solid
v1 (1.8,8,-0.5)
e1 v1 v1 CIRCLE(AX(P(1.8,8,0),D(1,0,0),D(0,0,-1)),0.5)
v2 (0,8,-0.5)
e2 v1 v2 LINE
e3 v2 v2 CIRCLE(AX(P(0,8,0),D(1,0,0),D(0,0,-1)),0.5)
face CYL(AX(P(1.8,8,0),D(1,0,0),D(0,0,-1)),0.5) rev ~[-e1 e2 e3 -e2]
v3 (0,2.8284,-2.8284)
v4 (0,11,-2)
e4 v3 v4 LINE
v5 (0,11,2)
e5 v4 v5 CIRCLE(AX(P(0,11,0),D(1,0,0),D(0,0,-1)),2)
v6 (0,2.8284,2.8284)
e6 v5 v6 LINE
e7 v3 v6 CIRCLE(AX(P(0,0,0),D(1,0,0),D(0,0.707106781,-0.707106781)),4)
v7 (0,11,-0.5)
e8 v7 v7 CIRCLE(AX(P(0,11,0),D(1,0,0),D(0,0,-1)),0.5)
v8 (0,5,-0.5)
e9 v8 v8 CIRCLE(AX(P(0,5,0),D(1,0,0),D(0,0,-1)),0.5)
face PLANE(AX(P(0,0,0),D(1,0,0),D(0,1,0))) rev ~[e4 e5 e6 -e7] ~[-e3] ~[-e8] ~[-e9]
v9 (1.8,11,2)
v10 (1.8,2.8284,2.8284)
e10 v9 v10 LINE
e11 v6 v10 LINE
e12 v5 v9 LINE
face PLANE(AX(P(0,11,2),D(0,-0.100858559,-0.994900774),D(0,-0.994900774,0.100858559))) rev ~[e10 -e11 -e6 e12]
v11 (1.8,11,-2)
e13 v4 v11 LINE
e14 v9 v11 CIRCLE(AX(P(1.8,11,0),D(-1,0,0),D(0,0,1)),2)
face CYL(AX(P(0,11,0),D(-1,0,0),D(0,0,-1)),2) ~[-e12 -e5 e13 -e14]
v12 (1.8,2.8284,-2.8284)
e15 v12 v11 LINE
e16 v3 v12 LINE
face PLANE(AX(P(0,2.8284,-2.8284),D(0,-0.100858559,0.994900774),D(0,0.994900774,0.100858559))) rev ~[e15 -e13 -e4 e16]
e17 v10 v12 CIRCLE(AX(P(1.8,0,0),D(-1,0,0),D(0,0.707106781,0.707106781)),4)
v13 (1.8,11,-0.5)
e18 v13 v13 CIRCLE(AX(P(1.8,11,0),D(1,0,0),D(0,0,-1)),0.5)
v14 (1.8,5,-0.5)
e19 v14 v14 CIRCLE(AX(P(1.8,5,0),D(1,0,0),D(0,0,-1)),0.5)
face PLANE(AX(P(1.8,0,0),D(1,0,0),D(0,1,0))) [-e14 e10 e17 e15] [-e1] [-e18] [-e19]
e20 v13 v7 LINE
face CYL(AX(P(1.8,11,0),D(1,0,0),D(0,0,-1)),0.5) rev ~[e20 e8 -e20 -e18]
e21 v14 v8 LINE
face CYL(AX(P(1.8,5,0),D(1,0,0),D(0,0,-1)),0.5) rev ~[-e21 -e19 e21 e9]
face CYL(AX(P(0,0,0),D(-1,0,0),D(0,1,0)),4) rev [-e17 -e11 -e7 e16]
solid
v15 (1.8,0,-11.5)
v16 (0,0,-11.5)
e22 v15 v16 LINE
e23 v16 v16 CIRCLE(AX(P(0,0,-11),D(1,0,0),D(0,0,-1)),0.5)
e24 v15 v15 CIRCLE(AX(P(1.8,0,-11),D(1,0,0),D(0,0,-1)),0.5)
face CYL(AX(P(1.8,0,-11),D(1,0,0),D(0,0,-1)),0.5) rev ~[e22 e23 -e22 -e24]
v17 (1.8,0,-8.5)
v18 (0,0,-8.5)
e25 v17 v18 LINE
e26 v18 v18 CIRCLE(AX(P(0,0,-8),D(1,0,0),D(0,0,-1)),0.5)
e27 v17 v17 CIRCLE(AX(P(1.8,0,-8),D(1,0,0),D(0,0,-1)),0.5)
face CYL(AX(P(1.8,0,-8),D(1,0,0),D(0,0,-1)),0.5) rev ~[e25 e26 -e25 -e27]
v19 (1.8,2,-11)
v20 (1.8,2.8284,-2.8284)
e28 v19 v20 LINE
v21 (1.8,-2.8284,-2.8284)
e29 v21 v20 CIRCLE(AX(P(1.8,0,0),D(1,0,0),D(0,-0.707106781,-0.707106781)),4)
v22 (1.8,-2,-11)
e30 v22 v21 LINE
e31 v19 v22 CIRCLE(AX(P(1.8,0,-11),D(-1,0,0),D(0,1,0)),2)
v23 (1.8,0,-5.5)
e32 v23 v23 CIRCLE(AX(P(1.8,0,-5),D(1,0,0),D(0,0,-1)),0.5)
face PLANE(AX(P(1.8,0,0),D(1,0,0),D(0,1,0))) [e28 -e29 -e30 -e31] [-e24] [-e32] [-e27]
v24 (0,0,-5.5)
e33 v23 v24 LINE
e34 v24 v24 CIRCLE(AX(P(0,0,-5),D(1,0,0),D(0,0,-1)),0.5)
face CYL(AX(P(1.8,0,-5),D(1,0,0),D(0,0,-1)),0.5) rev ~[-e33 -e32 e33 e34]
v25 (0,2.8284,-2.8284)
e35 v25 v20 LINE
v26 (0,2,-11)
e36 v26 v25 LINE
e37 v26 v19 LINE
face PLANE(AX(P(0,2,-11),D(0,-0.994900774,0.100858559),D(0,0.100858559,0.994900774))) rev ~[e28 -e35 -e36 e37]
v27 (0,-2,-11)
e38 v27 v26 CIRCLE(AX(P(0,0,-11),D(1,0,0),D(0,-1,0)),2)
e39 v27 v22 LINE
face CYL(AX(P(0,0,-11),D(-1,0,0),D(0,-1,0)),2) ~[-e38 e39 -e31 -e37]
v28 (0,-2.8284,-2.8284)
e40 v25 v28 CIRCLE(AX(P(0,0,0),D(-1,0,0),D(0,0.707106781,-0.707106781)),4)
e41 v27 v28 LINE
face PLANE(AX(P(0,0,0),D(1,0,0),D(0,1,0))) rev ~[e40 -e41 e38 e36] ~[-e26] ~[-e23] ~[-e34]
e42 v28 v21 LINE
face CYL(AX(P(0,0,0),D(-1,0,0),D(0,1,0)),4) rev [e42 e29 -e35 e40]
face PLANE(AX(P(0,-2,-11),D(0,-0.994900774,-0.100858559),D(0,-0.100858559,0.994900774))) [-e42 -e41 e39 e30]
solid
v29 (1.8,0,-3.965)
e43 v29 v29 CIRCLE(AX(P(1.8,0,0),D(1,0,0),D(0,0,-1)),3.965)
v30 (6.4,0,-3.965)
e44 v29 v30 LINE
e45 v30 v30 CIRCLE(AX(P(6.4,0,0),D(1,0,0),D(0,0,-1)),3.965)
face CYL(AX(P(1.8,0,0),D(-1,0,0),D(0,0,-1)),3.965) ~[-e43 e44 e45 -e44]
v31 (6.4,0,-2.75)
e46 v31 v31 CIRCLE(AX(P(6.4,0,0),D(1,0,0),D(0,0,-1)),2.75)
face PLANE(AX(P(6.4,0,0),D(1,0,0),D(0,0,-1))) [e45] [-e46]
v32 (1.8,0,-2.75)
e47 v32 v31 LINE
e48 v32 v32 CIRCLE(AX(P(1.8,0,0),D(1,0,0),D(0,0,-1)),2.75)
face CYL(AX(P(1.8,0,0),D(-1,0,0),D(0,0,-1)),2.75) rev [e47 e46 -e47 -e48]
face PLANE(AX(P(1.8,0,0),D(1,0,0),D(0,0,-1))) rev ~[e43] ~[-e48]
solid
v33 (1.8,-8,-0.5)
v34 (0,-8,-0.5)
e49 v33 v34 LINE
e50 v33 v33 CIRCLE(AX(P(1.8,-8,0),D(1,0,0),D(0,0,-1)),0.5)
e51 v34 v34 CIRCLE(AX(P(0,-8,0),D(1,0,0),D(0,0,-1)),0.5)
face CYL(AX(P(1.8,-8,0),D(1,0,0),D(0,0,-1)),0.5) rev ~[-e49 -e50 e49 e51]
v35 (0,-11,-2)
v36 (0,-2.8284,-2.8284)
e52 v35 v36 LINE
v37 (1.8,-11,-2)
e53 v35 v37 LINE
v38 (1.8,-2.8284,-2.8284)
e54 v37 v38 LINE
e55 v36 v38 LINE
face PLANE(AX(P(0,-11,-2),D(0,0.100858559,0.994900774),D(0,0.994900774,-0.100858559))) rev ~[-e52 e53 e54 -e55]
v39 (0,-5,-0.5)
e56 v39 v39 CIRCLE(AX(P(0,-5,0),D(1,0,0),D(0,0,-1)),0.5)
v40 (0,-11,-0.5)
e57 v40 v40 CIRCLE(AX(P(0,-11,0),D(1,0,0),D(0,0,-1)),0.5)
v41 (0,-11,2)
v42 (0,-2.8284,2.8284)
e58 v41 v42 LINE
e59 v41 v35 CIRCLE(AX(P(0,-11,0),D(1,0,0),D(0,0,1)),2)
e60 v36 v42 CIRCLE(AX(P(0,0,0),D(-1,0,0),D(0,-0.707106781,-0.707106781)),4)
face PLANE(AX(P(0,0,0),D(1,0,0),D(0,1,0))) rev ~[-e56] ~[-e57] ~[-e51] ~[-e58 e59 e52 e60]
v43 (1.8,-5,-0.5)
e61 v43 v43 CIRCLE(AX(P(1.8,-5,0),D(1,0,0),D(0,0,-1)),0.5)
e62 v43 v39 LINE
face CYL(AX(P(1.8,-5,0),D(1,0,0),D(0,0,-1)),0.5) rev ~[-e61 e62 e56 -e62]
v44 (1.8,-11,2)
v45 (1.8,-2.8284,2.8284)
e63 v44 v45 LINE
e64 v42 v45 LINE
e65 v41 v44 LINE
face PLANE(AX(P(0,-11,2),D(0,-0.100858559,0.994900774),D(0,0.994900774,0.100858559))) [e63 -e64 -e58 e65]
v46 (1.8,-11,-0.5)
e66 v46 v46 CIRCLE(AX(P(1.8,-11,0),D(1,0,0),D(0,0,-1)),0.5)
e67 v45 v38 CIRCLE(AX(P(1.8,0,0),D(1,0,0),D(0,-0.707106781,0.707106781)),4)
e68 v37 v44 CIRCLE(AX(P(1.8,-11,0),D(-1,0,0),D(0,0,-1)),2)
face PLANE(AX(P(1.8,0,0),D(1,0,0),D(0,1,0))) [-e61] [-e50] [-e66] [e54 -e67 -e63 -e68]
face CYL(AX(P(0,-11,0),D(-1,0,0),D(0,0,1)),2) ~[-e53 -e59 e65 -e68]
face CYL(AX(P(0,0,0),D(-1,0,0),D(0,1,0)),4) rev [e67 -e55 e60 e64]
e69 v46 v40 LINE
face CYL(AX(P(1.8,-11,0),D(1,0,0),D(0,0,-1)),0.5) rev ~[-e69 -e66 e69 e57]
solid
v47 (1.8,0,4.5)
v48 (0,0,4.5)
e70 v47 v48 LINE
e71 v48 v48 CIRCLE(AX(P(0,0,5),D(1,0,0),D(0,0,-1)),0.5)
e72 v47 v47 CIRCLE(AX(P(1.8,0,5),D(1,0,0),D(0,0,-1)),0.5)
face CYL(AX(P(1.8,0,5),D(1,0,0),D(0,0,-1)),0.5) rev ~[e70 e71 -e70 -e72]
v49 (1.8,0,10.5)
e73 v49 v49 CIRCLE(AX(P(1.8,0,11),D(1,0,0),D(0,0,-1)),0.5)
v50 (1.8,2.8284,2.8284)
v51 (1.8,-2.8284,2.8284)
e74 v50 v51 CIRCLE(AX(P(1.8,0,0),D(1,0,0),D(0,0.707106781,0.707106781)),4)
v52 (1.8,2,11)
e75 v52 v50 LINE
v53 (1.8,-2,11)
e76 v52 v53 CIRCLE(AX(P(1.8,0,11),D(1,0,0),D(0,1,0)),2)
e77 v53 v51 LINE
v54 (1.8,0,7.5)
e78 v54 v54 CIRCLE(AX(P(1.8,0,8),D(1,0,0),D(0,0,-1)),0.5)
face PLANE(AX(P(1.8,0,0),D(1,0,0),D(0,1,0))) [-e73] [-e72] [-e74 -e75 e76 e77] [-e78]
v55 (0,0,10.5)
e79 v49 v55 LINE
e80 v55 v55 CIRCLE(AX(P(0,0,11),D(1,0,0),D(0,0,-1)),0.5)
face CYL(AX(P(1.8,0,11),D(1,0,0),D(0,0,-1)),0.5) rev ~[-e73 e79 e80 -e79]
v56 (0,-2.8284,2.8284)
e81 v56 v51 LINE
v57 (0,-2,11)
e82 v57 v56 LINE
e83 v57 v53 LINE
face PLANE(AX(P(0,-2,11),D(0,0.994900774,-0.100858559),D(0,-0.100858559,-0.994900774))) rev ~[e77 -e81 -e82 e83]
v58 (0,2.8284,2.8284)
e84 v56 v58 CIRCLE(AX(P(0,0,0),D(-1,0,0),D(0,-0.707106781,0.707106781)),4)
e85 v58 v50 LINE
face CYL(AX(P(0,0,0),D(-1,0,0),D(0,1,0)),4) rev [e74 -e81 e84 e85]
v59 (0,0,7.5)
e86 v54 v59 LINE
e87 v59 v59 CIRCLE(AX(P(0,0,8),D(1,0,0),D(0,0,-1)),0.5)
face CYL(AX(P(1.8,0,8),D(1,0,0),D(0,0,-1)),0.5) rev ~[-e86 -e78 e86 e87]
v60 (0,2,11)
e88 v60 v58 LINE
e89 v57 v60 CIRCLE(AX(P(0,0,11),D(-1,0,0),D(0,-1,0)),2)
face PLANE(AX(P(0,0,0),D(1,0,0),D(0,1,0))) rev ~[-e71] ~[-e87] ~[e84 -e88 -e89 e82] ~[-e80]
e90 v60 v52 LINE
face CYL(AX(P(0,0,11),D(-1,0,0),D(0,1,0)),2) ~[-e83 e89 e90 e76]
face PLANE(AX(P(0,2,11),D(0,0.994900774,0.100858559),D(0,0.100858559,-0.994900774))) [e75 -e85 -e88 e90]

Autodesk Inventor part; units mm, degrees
ref_plane "YZ Plane" through (0, 0, 0) normal (1, 0, 0) x (0, 1, 0)
ref_plane "XZ Plane" through (0, 0, 0) normal (0, 1, 0) x (-1, 0, 0)
ref_plane "XY Plane" through (0, 0, 0) normal (0, 0, 1) x (1, 0, 0)
sketch "Skizze1" plane through (0, 0, 0) normal (1, 0, 0) x (0, 1, 0)
  circle A0 centre (0, 0) radius 4
  circle A1 centre (0, 0) radius 2.75
  arc A2 (-11, 2) -> (-11, -2) centre (-11, 0) ccw
  arc A3 (-2, -11) -> (2, -11) centre (0, -11) ccw
  arc A4 (11, -2) -> (11, 2) centre (11, 0) ccw
  arc A5 (2, 11) -> (-2, 11) centre (0, 11) ccw
  line L0 (0, 18.2) -> (0, -18.2) projected
  line L1 (-18.2, 0) -> (18.2, 0) projected
  line L2 (-18.2, 0) -> (18.2, 0) projected
  line L3 (0, -18.2) -> (0, 18.2) projected
  line L4 (2, 11) -> (2.8284, 2.8284)
  line L5 (-2, 11) -> (-2.8284, 2.8284)
  line L6 (-11, 2) -> (-2.8284, 2.8284)
  line L7 (-11, -2) -> (-2.8284, -2.8284)
  line L8 (-2, -11) -> (-2.8284, -2.8284)
  line L9 (2, -11) -> (2.8284, -2.8284)
  line L10 (2.8284, -2.8284) -> (11, -2)
  line L11 (11, 2) -> (2.8284, 2.8284)
  dimension "d0" = 8
  dimension "d1" = 5.5
extrude "Extrusion1" add sketch "Skizze1" along normal blind 1.8 contours L1 A4 L10 A0 | A0 L11 A4 L1 | A0 L0 A5 L4 | L9 A3 L0 A0 | A0 L5 A5 L0 | L0 A3 L8 A0 | A0 L1 A2 L6 | L7 A2 L1 A0
sketch "Skizze2" plane through (1.8, 0, 0) normal (1, 0, 0) x (0, 0, -1)
  circle A0 centre (0, 0) radius 2.75
  circle A1 centre (0, 0) radius 3.965
  dimension "d18" = 5.5
extrude "Extrusion2" add sketch "Skizze2" along normal blind 4.6
sketch "Skizze3" plane through (1.8, 0, 0) normal (1, 0, 0) x (0, 0, -1)
  circle A0 centre (0, -11) radius 0.5
  circle A1 centre (0, -8) radius 0.5
  circle A2 centre (0, -5) radius 0.5
  circle A3 centre (0, 5) radius 0.5
  circle A4 centre (0, 8) radius 0.5
  circle A5 centre (0, 11) radius 0.5
  circle A6 centre (5, 0) radius 0.5
  circle A7 centre (8, 0) radius 0.5
  circle A8 centre (11, 0) radius 0.5
  circle A9 centre (-5, 0) radius 0.5
  circle A10 centre (-8, 0) radius 0.5
  circle A11 centre (-11, 0) radius 0.5
  point P0 (0, 0)
  dimension "d33" = 1
  dimension "d34" = 1
  dimension "d35" = 1
  dimension "d36" = 1
  dimension "d37" = 1
  dimension "d38" = 1
  dimension "d39" = 1
  dimension "d40" = 1
  dimension "d41" = 1
  dimension "d42" = 1
  dimension "d43" = 1
  dimension "d44" = 1
extrude "Extrusion3" cut sketch "Skizze3" against normal blind 10
properties part number "Ruderhorn_klein_Kreuz"
